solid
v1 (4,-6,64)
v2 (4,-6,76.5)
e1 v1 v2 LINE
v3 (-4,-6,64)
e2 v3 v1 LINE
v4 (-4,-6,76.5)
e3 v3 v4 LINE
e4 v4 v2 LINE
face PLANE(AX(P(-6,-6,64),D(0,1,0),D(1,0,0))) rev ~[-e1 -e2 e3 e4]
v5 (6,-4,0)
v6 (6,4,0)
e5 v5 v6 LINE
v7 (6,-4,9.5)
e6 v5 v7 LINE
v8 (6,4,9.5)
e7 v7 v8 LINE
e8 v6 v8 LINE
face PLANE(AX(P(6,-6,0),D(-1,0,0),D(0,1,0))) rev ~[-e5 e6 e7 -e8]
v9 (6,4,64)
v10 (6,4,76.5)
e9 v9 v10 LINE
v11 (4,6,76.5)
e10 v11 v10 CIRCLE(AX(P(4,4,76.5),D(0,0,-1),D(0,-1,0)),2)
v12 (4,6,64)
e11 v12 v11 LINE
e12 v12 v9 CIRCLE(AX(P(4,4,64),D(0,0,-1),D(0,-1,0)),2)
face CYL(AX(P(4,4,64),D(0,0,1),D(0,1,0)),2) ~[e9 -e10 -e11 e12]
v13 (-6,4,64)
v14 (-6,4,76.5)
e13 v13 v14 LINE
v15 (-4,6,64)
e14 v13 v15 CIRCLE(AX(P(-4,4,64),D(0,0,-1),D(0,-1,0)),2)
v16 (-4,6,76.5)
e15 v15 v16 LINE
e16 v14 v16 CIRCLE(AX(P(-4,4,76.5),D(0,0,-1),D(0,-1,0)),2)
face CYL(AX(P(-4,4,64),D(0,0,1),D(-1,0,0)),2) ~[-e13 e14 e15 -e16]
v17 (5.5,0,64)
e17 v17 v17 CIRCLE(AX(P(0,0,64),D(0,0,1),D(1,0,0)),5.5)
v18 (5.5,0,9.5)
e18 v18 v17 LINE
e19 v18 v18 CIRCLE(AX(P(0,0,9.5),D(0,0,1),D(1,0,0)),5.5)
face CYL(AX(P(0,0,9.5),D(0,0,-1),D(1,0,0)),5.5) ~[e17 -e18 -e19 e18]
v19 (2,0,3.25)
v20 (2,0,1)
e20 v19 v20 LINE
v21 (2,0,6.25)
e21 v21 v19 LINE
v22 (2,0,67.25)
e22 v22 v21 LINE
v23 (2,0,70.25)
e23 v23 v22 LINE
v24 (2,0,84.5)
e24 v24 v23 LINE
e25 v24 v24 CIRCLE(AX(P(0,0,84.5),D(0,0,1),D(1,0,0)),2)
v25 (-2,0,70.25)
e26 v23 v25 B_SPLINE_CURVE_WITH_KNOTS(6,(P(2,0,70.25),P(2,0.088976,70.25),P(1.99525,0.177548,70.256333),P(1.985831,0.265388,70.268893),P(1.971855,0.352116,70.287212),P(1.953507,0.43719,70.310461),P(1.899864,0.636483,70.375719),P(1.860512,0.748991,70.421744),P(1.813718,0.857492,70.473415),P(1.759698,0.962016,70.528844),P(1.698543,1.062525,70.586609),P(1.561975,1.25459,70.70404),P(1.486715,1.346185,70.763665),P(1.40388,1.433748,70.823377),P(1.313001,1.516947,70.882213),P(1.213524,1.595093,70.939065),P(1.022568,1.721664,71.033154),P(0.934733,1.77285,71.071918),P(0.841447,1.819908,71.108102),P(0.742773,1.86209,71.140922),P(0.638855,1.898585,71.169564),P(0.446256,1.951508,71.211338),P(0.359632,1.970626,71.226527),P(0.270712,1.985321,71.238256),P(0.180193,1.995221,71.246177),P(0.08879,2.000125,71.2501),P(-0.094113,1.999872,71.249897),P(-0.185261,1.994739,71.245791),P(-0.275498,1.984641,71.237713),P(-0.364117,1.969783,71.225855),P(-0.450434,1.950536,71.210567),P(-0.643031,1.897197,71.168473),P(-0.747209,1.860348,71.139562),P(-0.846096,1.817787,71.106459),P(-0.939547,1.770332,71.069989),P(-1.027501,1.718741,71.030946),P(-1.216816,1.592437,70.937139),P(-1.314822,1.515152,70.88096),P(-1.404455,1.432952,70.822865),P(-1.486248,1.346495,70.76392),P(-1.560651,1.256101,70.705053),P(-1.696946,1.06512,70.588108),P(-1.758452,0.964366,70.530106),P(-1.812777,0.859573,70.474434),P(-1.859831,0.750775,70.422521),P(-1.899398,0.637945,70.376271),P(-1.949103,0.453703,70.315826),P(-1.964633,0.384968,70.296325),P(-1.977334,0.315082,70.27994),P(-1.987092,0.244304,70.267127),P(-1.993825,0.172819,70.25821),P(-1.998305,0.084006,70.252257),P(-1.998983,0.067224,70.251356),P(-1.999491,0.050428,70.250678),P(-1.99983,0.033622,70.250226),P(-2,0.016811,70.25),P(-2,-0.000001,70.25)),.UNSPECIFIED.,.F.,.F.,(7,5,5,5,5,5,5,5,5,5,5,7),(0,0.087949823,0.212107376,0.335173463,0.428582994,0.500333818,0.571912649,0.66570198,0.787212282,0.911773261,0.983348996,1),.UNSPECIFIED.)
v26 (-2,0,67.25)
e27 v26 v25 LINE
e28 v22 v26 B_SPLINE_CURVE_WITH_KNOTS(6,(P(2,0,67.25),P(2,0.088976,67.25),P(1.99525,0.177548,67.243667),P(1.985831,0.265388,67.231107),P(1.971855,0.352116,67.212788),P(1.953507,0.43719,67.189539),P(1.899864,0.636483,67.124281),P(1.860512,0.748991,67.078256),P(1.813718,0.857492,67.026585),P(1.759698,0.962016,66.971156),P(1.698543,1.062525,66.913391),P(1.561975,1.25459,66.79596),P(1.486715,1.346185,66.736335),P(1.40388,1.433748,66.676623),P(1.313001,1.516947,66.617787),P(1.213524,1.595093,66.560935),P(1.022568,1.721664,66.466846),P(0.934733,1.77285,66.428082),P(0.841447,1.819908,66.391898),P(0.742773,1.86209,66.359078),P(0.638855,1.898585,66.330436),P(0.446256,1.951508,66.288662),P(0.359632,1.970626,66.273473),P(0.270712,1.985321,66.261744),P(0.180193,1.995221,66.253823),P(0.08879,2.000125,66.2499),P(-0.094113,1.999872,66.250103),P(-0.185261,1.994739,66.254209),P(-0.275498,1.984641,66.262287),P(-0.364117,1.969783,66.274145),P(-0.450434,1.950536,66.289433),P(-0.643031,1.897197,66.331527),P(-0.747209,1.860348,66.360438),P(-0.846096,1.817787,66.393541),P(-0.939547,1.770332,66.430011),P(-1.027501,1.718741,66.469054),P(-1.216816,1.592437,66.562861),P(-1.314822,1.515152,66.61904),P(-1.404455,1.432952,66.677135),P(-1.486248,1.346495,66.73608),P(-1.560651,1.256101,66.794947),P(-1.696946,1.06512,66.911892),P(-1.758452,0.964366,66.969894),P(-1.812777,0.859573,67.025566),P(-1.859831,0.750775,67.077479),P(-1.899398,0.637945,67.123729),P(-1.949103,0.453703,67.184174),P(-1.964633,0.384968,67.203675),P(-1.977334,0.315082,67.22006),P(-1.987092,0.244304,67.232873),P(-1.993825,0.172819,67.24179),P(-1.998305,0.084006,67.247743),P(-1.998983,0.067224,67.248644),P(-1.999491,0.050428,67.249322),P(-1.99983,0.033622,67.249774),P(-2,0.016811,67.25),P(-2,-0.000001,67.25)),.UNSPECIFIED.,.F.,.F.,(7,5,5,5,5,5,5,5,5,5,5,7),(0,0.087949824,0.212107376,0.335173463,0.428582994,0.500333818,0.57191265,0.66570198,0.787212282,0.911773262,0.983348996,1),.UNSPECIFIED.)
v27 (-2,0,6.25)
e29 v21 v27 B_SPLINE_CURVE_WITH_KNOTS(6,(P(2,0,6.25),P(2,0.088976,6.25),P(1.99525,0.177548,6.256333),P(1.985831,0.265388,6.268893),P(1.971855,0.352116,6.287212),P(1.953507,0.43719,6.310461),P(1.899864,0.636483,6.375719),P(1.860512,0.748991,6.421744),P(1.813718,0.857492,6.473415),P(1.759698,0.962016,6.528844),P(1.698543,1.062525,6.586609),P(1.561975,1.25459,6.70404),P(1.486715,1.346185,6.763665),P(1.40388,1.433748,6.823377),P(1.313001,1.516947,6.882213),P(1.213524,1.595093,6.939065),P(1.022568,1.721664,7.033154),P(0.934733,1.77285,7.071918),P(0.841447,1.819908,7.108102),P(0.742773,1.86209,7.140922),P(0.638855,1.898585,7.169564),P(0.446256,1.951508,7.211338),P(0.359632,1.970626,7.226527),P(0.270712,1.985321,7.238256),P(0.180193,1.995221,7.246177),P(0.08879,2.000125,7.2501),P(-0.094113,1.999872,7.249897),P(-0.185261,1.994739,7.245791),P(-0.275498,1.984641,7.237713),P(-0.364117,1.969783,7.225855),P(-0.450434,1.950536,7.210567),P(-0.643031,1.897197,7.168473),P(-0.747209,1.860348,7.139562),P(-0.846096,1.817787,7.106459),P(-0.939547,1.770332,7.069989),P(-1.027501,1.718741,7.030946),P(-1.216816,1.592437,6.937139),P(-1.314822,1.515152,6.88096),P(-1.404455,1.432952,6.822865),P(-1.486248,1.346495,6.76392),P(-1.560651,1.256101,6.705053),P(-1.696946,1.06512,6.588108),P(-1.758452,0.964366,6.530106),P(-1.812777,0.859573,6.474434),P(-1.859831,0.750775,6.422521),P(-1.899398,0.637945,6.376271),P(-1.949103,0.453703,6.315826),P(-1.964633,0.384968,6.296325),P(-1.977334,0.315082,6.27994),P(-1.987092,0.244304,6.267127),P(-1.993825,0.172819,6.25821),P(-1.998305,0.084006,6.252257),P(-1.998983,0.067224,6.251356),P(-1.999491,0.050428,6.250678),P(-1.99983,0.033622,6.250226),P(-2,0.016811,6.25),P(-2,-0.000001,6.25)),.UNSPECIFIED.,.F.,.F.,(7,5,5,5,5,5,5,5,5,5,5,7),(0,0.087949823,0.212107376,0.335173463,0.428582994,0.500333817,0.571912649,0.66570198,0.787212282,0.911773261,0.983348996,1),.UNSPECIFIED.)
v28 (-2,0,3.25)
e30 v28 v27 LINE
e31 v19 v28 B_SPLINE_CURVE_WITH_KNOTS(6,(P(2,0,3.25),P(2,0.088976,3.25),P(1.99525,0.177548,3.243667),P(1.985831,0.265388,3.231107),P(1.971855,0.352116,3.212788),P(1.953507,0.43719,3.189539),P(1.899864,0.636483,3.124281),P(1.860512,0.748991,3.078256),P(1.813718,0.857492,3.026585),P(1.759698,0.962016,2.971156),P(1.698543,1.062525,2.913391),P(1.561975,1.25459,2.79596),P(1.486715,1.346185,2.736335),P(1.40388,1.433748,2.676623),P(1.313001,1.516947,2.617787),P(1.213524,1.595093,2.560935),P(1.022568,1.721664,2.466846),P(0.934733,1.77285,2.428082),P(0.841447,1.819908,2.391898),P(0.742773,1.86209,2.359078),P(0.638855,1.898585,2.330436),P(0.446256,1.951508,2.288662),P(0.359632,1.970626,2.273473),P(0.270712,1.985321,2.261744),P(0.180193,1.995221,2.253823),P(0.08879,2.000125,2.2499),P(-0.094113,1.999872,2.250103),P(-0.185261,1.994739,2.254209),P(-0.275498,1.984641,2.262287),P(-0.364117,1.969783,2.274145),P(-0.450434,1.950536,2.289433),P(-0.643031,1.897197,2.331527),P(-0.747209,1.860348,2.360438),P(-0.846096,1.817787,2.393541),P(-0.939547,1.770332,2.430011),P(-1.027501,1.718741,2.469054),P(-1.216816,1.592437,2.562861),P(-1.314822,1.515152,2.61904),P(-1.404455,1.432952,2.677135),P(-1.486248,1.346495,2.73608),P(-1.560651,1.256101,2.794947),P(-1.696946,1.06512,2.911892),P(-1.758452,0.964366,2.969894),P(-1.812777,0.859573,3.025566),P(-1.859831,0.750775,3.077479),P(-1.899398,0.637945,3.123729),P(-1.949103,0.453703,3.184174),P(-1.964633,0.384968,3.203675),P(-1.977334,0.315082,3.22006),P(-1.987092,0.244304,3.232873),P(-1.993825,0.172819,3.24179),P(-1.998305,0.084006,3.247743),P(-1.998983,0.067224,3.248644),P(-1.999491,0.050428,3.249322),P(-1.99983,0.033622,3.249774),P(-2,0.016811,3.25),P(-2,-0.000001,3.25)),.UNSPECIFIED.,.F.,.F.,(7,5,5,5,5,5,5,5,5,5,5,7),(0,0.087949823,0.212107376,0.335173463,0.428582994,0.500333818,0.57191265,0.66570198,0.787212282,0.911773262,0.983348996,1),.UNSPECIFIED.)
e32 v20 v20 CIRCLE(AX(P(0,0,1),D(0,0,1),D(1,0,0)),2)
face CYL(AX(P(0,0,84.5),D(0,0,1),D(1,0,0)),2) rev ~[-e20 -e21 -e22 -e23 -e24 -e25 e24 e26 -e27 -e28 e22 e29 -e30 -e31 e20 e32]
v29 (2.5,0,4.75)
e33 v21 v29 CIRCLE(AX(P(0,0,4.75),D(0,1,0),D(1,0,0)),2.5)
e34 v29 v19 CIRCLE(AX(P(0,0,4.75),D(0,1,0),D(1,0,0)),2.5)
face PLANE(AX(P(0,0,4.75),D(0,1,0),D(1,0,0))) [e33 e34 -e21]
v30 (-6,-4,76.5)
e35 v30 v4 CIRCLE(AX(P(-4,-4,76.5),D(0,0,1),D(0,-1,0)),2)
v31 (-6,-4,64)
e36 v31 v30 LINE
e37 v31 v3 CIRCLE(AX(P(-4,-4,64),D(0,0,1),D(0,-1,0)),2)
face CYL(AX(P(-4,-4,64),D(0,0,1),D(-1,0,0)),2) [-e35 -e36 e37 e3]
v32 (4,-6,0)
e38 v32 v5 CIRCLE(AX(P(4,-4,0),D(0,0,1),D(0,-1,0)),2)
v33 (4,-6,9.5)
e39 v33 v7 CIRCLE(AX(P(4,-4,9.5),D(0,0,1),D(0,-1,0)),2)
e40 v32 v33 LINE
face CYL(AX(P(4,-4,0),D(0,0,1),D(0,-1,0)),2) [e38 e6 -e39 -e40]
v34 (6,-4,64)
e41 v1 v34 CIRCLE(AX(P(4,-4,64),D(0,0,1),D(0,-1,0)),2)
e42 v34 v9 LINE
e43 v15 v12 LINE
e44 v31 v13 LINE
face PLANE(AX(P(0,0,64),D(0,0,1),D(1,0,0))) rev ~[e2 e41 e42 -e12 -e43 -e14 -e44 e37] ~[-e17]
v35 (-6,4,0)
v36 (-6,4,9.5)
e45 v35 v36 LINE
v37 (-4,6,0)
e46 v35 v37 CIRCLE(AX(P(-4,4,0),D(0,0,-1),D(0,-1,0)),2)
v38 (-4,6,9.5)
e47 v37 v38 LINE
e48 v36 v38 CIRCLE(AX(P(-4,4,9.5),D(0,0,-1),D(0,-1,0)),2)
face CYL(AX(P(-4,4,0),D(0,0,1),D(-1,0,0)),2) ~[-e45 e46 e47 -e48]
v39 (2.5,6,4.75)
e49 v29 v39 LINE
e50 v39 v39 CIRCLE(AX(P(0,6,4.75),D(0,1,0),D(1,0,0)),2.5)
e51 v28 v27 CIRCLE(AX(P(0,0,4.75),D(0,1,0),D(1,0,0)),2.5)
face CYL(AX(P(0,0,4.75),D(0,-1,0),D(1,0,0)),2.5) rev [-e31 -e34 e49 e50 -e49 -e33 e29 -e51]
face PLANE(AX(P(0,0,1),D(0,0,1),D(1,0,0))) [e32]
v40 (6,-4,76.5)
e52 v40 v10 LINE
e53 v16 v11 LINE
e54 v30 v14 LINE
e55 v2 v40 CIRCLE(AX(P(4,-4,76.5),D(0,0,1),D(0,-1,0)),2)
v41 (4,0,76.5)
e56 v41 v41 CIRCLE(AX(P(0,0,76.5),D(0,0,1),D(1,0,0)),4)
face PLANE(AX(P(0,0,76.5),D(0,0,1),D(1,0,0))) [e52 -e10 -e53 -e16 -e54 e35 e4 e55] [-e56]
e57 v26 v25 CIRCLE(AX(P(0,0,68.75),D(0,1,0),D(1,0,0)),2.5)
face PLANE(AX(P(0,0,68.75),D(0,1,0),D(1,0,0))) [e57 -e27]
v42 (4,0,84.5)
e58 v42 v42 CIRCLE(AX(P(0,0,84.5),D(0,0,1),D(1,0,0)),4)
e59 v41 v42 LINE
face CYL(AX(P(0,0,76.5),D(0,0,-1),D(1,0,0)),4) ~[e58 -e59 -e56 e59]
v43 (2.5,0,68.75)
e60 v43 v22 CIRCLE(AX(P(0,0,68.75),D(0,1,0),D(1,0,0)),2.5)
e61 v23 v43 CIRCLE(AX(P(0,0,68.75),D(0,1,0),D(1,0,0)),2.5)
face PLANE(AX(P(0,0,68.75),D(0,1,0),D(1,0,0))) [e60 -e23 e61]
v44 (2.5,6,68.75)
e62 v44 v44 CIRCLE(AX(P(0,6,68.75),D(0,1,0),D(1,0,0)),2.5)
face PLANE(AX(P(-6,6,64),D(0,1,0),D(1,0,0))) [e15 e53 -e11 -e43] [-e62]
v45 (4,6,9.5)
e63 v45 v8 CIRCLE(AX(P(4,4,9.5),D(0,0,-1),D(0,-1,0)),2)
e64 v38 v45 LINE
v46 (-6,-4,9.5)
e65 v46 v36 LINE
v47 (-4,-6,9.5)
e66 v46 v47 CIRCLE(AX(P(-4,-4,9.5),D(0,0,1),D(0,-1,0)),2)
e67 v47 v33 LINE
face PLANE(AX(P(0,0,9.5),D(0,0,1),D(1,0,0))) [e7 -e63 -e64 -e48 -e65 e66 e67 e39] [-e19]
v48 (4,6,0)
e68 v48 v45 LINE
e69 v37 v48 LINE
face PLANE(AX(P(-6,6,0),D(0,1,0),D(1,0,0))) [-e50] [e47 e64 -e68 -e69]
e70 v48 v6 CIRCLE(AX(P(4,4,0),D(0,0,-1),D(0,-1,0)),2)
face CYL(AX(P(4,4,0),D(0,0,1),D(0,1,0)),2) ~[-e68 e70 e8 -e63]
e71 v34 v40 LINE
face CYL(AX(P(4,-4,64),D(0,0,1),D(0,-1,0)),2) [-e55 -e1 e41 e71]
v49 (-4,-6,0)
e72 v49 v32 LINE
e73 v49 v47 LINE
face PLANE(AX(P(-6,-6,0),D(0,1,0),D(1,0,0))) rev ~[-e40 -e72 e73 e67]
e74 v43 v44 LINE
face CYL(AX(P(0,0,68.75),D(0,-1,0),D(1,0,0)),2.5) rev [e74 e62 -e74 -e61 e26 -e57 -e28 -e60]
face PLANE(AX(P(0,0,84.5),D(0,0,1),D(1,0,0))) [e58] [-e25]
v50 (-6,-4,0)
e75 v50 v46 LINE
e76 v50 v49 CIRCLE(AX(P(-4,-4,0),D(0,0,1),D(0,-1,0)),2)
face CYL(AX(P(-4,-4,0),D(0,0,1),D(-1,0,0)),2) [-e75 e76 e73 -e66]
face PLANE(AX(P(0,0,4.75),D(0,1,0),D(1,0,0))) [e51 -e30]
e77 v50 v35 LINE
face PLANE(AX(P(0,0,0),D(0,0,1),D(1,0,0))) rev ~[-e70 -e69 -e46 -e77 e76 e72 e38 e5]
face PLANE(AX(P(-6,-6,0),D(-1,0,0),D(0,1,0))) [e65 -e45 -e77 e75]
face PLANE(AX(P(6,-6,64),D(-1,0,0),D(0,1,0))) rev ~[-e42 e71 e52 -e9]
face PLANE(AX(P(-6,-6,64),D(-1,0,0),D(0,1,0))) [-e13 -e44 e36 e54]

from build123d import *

# Parameters (mm, degrees)
SKETCH_1_W          = 12
SKETCH_1_H          = 12
EXTRUDE_1_DEPTH     = 9.5
SKETCH_2_R          = 5.5
EXTRUDE_2_DEPTH     = 54.5
SKETCH_3_W          = 12
SKETCH_3_H          = 12
EXTRUDE_3_DEPTH     = 12.5
SKETCH_4_R          = 4
EXTRUDE_4_DEPTH     = 8
SKETCH_5_R          = 2
CUT_EXTRUDE_1_DEPTH = 83.5
CUT_EXTRUDE_START   = -6
SKETCH_6_R          = 2.5
CUT_EXTRUDE_2_DEPTH = 6
FILLET_1_R          = 2


with BuildPart() as part:
    # 草图1 → 凸台-拉伸1 (new body)
    with BuildSketch(Plane.XY):
        Rectangle(SKETCH_1_W, SKETCH_1_H)
    extrude(amount=EXTRUDE_1_DEPTH)

    # 草图2 → 凸台-拉伸2 (add)
    with BuildSketch(Plane.XY.offset(9.5)):
        Circle(SKETCH_2_R)
    extrude(amount=EXTRUDE_2_DEPTH)

    # 草图3 → 凸台-拉伸3 (add)
    with BuildSketch(Plane.XY.offset(64)):
        Rectangle(SKETCH_3_W, SKETCH_3_H)
    extrude(amount=EXTRUDE_3_DEPTH)

    # 草图4 → 凸台-拉伸4 (add)
    with BuildSketch(Plane.XY.offset(76.5)):
        Circle(SKETCH_4_R)
    extrude(amount=EXTRUDE_4_DEPTH)

    # 草图5 → 切除-拉伸1 (cut)
    with BuildSketch(Plane.XY.offset(84.5)):
        Circle(SKETCH_5_R)
    extrude(amount=-CUT_EXTRUDE_1_DEPTH, mode=Mode.SUBTRACT)

    # 草图6 → 切除-拉伸2 (cut)
    with BuildSketch(Plane(origin=(0, 6, 0), x_dir=(1, 0, 0), z_dir=(0, 1, 0)).offset(CUT_EXTRUDE_START)):
        with Locations((0, -4.75)):
            Circle(SKETCH_6_R)
        with Locations((0, -68.75)):
            Circle(SKETCH_6_R)
    extrude(amount=CUT_EXTRUDE_2_DEPTH, mode=Mode.SUBTRACT)

    # 圆角1
    fillet_1_edges = [part.edges().sort_by_distance(p)[0] for p in [
        (6, -6, 70.25),
        (6, 6, 70.25),
        (-6, 6, 70.25),
        (-6, -6, 70.25),
        (6, -6, 4.75),
        (-6, -6, 4.75),
        (-6, 6, 4.75),
        (6, 6, 4.75),
    ]]
    fillet(fillet_1_edges, radius=FILLET_1_R)


solid = part.part
